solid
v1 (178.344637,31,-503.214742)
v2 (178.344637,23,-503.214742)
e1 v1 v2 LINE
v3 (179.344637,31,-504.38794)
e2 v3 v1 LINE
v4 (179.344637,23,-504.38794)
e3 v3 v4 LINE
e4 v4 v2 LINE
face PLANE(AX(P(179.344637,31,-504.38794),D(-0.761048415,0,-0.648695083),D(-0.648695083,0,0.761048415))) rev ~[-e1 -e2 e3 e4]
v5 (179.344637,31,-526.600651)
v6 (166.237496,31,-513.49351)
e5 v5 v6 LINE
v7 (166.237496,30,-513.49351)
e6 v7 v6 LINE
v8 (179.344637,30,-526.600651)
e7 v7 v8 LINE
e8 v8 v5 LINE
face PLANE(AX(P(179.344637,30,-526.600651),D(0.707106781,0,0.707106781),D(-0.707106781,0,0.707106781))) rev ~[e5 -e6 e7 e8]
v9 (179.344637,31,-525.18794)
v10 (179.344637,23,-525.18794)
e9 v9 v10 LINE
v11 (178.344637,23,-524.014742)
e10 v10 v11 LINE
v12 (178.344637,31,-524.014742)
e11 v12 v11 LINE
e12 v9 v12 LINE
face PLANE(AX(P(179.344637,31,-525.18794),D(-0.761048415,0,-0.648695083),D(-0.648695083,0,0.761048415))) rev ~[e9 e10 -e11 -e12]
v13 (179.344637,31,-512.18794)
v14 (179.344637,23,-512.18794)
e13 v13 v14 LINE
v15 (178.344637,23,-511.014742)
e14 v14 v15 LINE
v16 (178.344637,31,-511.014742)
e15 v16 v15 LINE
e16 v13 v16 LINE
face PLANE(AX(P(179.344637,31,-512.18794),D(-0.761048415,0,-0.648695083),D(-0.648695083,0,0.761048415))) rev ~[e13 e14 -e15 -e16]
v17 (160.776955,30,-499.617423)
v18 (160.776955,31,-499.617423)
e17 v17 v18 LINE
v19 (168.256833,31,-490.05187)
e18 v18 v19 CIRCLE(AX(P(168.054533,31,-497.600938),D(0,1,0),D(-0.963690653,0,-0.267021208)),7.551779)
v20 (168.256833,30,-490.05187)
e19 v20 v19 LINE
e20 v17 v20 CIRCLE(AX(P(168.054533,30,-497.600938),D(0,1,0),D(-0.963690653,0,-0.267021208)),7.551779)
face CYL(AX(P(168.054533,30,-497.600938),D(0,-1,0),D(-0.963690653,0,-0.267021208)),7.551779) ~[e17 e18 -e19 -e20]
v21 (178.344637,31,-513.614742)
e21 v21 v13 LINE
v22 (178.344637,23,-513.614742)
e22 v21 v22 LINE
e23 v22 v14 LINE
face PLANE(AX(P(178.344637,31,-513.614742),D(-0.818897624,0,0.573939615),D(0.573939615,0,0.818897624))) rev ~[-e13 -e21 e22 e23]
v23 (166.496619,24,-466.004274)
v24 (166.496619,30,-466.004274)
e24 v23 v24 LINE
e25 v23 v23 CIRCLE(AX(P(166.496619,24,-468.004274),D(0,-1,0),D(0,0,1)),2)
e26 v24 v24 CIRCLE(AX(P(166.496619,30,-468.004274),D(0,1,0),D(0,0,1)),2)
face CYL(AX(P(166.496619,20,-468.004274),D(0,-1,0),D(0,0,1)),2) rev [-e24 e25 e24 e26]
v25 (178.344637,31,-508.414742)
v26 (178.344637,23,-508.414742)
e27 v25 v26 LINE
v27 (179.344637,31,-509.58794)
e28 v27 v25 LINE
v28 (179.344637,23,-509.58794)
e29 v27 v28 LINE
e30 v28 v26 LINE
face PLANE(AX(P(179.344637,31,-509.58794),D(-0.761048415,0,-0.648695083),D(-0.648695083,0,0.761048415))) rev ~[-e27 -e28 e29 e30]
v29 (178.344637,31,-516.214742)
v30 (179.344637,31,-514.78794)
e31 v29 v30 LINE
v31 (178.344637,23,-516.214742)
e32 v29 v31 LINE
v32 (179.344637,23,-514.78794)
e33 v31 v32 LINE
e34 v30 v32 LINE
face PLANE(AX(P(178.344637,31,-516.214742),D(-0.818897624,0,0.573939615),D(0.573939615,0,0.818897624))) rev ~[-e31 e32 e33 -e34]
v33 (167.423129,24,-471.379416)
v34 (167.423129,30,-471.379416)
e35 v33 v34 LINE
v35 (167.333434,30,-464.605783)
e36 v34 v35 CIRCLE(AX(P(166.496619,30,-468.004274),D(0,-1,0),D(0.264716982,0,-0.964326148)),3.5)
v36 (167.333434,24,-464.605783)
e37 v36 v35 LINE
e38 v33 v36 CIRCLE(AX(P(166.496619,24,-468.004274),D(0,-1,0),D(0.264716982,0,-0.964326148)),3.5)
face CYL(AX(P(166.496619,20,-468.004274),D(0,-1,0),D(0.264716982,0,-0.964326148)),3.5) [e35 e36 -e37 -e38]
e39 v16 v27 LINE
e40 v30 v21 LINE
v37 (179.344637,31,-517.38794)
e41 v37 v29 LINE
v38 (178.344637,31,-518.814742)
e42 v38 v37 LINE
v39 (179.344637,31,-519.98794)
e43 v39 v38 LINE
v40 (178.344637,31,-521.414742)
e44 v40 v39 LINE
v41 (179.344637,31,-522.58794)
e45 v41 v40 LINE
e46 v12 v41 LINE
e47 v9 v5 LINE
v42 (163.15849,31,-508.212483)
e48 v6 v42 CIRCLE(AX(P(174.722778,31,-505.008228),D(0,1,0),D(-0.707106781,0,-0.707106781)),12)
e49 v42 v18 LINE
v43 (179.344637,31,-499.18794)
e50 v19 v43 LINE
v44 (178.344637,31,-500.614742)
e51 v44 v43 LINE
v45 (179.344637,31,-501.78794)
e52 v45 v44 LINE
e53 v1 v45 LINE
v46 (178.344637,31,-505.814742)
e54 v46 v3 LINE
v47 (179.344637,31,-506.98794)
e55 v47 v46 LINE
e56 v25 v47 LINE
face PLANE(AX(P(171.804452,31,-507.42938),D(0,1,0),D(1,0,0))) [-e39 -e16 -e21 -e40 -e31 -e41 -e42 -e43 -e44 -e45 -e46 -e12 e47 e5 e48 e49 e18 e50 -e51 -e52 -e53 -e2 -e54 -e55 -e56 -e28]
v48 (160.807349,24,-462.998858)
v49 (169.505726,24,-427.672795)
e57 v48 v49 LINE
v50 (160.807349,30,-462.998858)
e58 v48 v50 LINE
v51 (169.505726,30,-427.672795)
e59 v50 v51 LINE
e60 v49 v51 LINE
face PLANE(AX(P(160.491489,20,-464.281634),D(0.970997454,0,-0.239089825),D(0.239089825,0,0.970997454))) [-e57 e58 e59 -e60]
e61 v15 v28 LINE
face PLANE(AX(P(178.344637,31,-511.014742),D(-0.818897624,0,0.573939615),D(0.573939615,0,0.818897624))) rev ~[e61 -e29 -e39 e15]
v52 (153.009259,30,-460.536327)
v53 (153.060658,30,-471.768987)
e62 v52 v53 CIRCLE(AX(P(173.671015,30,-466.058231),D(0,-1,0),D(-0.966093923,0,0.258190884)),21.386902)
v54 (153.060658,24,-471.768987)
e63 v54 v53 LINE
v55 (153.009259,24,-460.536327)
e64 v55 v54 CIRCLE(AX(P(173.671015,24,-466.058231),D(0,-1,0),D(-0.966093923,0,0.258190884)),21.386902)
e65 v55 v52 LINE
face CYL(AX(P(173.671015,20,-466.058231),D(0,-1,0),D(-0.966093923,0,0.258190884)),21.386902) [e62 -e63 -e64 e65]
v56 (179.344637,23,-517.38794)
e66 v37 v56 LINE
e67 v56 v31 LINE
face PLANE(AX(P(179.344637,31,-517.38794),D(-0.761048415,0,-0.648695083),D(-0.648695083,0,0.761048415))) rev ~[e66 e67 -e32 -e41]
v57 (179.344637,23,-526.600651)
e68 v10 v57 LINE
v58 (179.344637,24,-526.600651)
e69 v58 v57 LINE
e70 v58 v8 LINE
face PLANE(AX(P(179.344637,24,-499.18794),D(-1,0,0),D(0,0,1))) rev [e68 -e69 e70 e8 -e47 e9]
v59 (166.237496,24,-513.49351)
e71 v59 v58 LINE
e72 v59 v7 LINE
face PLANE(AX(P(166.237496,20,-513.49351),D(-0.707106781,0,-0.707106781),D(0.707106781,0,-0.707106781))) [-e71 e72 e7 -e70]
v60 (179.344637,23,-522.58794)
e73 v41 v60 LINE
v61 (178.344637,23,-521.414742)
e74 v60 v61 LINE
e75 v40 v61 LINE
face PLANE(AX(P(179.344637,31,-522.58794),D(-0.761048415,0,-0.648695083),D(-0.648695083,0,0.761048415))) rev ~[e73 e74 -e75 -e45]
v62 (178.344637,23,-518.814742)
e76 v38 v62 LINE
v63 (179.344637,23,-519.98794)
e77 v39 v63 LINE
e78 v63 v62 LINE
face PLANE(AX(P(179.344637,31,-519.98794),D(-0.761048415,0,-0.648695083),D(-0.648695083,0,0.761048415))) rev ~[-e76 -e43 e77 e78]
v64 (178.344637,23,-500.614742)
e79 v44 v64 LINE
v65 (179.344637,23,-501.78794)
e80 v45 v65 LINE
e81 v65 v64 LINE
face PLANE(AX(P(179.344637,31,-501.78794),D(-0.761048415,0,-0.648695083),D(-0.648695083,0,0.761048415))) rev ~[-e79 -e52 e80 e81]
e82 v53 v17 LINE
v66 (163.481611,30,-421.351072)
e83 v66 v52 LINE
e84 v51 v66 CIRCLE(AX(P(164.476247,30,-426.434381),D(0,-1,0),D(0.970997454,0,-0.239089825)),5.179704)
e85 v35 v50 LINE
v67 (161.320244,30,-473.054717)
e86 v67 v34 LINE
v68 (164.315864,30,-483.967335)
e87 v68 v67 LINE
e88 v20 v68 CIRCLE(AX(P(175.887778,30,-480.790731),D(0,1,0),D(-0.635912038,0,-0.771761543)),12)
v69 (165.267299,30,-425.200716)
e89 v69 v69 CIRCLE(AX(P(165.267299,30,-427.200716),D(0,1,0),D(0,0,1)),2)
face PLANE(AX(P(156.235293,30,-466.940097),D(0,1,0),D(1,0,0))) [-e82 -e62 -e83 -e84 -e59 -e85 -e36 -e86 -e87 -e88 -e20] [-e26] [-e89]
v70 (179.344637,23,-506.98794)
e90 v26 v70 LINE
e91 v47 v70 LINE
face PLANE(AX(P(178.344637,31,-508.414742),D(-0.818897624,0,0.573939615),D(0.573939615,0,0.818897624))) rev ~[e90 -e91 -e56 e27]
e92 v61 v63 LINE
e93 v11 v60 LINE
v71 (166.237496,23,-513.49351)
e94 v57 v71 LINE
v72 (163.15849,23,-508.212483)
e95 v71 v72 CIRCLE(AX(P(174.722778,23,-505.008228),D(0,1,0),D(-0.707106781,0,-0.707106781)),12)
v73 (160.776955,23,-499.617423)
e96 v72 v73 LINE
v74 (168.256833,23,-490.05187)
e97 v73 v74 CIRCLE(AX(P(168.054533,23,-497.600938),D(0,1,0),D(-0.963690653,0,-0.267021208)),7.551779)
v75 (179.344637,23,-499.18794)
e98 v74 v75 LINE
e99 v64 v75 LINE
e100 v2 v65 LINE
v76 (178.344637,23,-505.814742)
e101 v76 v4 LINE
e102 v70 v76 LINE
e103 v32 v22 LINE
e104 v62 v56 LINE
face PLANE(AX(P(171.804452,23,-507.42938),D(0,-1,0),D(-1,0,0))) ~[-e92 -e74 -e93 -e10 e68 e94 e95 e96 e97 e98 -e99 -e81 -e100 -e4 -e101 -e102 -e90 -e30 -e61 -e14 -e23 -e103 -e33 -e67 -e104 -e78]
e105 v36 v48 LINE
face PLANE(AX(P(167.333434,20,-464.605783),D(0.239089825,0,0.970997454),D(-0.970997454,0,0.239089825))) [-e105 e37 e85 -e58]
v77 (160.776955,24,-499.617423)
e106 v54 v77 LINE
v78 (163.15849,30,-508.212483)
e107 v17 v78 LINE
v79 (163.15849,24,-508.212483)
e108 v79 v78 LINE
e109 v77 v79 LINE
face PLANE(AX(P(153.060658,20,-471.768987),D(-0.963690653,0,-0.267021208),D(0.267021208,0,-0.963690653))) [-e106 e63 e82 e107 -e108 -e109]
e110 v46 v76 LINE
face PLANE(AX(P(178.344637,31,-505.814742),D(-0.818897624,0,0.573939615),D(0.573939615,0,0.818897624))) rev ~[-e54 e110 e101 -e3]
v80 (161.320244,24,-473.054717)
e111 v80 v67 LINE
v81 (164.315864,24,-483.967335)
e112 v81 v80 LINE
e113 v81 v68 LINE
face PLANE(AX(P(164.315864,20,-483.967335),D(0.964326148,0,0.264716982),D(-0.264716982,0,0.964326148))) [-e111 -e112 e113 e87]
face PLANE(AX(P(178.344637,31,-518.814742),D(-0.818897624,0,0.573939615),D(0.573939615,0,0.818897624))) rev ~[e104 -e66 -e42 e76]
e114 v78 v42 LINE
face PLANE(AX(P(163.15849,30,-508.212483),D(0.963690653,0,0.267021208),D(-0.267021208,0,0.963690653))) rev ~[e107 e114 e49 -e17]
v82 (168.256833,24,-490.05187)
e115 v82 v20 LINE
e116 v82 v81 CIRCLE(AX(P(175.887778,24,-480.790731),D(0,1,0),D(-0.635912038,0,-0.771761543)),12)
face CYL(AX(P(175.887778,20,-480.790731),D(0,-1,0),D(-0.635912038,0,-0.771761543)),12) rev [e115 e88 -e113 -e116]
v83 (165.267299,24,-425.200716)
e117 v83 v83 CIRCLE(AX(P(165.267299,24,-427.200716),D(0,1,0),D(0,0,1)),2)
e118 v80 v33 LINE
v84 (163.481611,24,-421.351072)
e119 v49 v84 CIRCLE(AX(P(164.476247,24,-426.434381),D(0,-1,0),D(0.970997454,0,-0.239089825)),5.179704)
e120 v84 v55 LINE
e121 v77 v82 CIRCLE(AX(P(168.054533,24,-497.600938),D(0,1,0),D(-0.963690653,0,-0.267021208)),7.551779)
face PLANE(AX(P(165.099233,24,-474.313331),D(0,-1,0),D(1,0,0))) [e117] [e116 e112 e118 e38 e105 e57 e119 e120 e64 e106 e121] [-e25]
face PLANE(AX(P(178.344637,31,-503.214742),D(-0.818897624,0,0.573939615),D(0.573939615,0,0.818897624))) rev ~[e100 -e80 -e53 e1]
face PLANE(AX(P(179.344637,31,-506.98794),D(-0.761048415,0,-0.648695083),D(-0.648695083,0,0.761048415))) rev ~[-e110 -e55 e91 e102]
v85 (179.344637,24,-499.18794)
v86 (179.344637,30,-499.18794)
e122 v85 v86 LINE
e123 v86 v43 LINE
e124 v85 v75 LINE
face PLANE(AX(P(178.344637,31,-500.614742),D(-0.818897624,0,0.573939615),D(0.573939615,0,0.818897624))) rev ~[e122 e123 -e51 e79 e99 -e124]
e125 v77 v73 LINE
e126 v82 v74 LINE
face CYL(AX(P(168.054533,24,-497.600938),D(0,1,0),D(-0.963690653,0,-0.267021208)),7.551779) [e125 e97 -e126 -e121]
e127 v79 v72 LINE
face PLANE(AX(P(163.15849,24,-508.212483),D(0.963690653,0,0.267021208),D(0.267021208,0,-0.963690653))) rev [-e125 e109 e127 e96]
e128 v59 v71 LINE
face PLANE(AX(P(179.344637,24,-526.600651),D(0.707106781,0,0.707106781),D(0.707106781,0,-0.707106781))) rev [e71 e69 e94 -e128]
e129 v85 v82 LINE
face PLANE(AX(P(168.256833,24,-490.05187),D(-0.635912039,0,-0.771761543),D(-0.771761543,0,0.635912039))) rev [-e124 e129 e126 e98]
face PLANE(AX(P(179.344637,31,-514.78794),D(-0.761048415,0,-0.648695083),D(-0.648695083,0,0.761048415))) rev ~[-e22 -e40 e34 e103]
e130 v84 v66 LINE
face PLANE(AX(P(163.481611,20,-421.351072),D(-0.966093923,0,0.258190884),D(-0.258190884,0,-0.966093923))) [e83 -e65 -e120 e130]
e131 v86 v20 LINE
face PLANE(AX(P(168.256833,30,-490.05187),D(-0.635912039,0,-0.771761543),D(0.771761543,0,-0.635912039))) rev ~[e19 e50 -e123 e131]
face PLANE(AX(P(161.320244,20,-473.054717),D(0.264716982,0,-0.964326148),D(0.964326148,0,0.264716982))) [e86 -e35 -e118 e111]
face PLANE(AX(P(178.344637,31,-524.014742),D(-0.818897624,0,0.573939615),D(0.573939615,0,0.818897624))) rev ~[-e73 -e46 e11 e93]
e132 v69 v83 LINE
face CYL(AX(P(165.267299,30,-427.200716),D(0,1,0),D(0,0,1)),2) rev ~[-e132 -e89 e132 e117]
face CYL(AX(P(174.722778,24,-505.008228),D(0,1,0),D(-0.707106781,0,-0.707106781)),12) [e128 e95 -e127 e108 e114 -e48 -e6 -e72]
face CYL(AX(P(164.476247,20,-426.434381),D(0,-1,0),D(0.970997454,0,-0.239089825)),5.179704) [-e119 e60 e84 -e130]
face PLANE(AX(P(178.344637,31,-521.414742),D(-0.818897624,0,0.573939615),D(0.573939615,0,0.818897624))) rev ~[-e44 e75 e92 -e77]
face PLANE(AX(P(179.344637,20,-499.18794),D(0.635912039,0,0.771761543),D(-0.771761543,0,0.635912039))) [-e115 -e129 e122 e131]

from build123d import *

# Parameters (mm, degrees)
BOSS_EXTRUDE1_DEPTH = 50
SKETCH2_R           = 10
CUT_EXTRUDE1_DEPTH  = 145
SKETCH3_R           = 10
CUT_EXTRUDE2_DEPTH  = 145
SCALE1_SCALE        = 0.2
BOSS_EXTRUDE2_START = -10
SKETCH4_R           = 2
BOSS_EXTRUDE2_DEPTH = 10
CUT_EXTRUDE3_DEPTH  = 4
SKETCH6_R           = 2
BOSS_EXTRUDE3_DEPTH = 6
BOSS_EXTRUDE4_DEPTH = 1
CUT_EXTRUDE4_DEPTH  = 10
LPATTERN1_COUNT     = 5
LPATTERN1_PITCH     = 5.2


with BuildPart() as part:
    # Sketch1 → Boss-Extrude1 (new body)
    with BuildSketch(Plane(origin=(0, 0, 0), x_dir=(1, 0, 0), z_dir=(0, 1, 0))):
        with BuildLine():
            Line((156.72428326, 188.749431717), (104.362522104, 384.675710784))
            ThreePointArc((104.362522104, 384.675710784), (100.737911875, 412.774532685), (104.619514578, 440.839007595))
            Line((104.619514578, 440.839007595), (155.108674524, 623.056486958))
            ThreePointArc((155.108674524, 623.056486958), (161.096577838, 637.255812747), (170.503706822, 649.461621332))
            Line((170.503706822, 649.461621332), (236.039412862, 714.997327373))
            Line((236.039412862, 714.997327373), (236.039412862, 577.933775776))
            Line((236.039412862, 577.933775776), (180.600392658, 532.253421954))
            ThreePointArc((180.600392658, 532.253421954), (168.395698805, 518.565657016), (160.895546094, 501.83074828))
            Line((160.895546094, 501.83074828), (142.173951469, 433.630653577))
            ThreePointArc((142.173951469, 433.630653577), (140.038780006, 418.542072662), (141.773673112, 403.40224515))
            Line((141.773673112, 403.40224515), (186.844856765, 220.358050312))
            ThreePointArc((186.844856765, 220.358050312), (180.4464863, 196.299603446), (156.72428326, 188.749431717))
        make_face()
    extrude(amount=BOSS_EXTRUDE1_DEPTH)

    # Sketch2 → Cut-Extrude1 (cut)
    with BuildSketch(Plane(origin=(0, 50, 0), x_dir=(1, 0, 0), z_dir=(0, 1, 0))):
        with Locations(Location((120.492692433, 416.694560019, 0), (0, 0, 270))):
            Circle(SKETCH2_R)
    extrude(amount=-CUT_EXTRUDE1_DEPTH, mode=Mode.SUBTRACT)

    # Sketch3 → Cut-Extrude2 (cut)
    with BuildSketch(Plane(origin=(0, 50, 0), x_dir=(1, 0, 0), z_dir=(0, 1, 0))):
        with Locations(Location((165.652720942, 217.997652258, 0), (0, 0, 270))):
            Circle(SKETCH3_R)
    extrude(amount=-CUT_EXTRUDE2_DEPTH, mode=Mode.SUBTRACT)


with BuildPart() as part_1:
    # Scale1: scaled about (165.170943501, 25, -479.501481674)
    add(part.part.scale(SCALE1_SCALE).moved(Location((132.136754801, 20, -383.601185339))))

    # Sketch4 → Boss-Extrude2 (add)
    with BuildSketch(Plane(origin=(0, 30, 0), x_dir=(1, 0, 0), z_dir=(0, 1, 0)).offset(BOSS_EXTRUDE2_START)):
        with BuildLine():
            Line((167.333433502, 464.60578312), (160.807348984, 462.998857787))
            Line((160.807348984, 462.998857787), (160.491489423, 464.281634369))
            ThreePointArc((160.491489423, 464.281634369), (160.144510802, 467.309599871), (160.571545095, 470.327316054))
            Line((160.571545095, 470.327316054), (161.32024353, 473.054717497))
            Line((161.32024353, 473.054717497), (167.42312855, 471.379415727))
            ThreePointArc((167.42312855, 471.379415727), (169.9963123, 467.957931993), (167.333433502, 464.60578312))
        make_face()
        with Locations(Location((166.496619113, 468.004274209, 0), (0, 0, 270))):
            Circle(SKETCH4_R, mode=Mode.SUBTRACT)
    extrude(amount=BOSS_EXTRUDE2_DEPTH)

    # Sketch5 → Cut-Extrude3 (cut)
    with BuildSketch(Plane.XZ.offset(-20)):
        with BuildLine():
            Line((167.333433502, -464.60578312), (160.807348984, -462.998857787))
            Line((160.807348984, -462.998857787), (169.505726154, -427.672795401))
            ThreePointArc((169.505726154, -427.672795401), (168.226052061, -422.861106028), (163.481611453, -421.351071682))
            Line((163.481611453, -421.351071682), (153.009259222, -460.536327496))
            ThreePointArc((153.009259222, -460.536327496), (152.284337176, -466.156091876), (153.060657717, -471.768986858))
            Line((153.060657717, -471.768986858), (163.158489706, -508.21248273))
            ThreePointArc((163.158489706, -508.21248273), (164.356070369, -511.052347888), (166.237496165, -513.493509605))
            Line((166.237496165, -513.493509605), (179.344637373, -526.600650813))
            Line((179.344637373, -526.600650813), (179.344637373, -499.187940494))
            Line((179.344637373, -499.187940494), (168.256833333, -490.05186973))
            ThreePointArc((168.256833333, -490.05186973), (165.815894562, -487.314316742), (164.31586402, -483.967334995))
            Line((164.31586402, -483.967334995), (161.32024353, -473.054717497))
            Line((161.32024353, -473.054717497), (167.42312855, -471.379415727))
            ThreePointArc((167.42312855, -471.379415727), (169.9963123, -467.957931993), (167.333433502, -464.60578312))
        make_face()
    extrude(amount=-CUT_EXTRUDE3_DEPTH, mode=Mode.SUBTRACT)

    # Sketch6 → Boss-Extrude3 (add)
    with BuildSketch(Plane(origin=(0, 30, 0), x_dir=(1, 0, 0), z_dir=(0, 1, 0))):
        with Locations((156.235293288, 466.940097343)):
            Circle(SKETCH6_R)
    extrude(amount=-BOSS_EXTRUDE3_DEPTH)

    # Sketch7 → Boss-Extrude4 (add)
    with BuildSketch(Plane(origin=(0, 30, 0), x_dir=(1, 0, 0), z_dir=(0, 1, 0))):
        with BuildLine():
            Line((179.344637373, 526.600650813), (166.237496165, 513.493509605))
            ThreePointArc((166.237496165, 513.493509605), (164.356070369, 511.052347888), (163.158489706, 508.21248273))
            Line((163.158489706, 508.21248273), (160.776954555, 499.617423264))
            ThreePointArc((160.776954555, 499.617423264), (162.10559666, 492.949108842), (168.256833333, 490.05186973))
            Line((168.256833333, 490.05186973), (179.344637373, 499.187940494))
            Line((179.344637373, 499.187940494), (179.344637373, 526.600650813))
        make_face()
    boss_extrude4 = extrude(amount=BOSS_EXTRUDE4_DEPTH)

    # Mirror2: Boss-Extrude4 across plane
    add(boss_extrude4.mirror(Plane.ZX.offset(27)))

    # Sketch8 → Cut-Extrude4 (cut)
    with BuildSketch(Plane(origin=(0, 31, 0), x_dir=(1, 0, 0), z_dir=(0, 1, 0))):
        Polygon((178.344637373, 500.614741506), (179.344637373, 499.187940494), (179.344637373, 501.787940494), align=None)
        Polygon((178.344637373, 503.214741506), (179.344637373, 501.787940494), (179.344637373, 504.387940494), align=None)
    cut_extrude4 = extrude(amount=-CUT_EXTRUDE4_DEPTH, mode=Mode.SUBTRACT)

    # LPattern1: Cut-Extrude4 ×5
    with Locations(*[(0, 0, -i * LPATTERN1_PITCH) for i in range(1, LPATTERN1_COUNT)]):
        add(cut_extrude4, mode=Mode.SUBTRACT)


solid = part_1.part
